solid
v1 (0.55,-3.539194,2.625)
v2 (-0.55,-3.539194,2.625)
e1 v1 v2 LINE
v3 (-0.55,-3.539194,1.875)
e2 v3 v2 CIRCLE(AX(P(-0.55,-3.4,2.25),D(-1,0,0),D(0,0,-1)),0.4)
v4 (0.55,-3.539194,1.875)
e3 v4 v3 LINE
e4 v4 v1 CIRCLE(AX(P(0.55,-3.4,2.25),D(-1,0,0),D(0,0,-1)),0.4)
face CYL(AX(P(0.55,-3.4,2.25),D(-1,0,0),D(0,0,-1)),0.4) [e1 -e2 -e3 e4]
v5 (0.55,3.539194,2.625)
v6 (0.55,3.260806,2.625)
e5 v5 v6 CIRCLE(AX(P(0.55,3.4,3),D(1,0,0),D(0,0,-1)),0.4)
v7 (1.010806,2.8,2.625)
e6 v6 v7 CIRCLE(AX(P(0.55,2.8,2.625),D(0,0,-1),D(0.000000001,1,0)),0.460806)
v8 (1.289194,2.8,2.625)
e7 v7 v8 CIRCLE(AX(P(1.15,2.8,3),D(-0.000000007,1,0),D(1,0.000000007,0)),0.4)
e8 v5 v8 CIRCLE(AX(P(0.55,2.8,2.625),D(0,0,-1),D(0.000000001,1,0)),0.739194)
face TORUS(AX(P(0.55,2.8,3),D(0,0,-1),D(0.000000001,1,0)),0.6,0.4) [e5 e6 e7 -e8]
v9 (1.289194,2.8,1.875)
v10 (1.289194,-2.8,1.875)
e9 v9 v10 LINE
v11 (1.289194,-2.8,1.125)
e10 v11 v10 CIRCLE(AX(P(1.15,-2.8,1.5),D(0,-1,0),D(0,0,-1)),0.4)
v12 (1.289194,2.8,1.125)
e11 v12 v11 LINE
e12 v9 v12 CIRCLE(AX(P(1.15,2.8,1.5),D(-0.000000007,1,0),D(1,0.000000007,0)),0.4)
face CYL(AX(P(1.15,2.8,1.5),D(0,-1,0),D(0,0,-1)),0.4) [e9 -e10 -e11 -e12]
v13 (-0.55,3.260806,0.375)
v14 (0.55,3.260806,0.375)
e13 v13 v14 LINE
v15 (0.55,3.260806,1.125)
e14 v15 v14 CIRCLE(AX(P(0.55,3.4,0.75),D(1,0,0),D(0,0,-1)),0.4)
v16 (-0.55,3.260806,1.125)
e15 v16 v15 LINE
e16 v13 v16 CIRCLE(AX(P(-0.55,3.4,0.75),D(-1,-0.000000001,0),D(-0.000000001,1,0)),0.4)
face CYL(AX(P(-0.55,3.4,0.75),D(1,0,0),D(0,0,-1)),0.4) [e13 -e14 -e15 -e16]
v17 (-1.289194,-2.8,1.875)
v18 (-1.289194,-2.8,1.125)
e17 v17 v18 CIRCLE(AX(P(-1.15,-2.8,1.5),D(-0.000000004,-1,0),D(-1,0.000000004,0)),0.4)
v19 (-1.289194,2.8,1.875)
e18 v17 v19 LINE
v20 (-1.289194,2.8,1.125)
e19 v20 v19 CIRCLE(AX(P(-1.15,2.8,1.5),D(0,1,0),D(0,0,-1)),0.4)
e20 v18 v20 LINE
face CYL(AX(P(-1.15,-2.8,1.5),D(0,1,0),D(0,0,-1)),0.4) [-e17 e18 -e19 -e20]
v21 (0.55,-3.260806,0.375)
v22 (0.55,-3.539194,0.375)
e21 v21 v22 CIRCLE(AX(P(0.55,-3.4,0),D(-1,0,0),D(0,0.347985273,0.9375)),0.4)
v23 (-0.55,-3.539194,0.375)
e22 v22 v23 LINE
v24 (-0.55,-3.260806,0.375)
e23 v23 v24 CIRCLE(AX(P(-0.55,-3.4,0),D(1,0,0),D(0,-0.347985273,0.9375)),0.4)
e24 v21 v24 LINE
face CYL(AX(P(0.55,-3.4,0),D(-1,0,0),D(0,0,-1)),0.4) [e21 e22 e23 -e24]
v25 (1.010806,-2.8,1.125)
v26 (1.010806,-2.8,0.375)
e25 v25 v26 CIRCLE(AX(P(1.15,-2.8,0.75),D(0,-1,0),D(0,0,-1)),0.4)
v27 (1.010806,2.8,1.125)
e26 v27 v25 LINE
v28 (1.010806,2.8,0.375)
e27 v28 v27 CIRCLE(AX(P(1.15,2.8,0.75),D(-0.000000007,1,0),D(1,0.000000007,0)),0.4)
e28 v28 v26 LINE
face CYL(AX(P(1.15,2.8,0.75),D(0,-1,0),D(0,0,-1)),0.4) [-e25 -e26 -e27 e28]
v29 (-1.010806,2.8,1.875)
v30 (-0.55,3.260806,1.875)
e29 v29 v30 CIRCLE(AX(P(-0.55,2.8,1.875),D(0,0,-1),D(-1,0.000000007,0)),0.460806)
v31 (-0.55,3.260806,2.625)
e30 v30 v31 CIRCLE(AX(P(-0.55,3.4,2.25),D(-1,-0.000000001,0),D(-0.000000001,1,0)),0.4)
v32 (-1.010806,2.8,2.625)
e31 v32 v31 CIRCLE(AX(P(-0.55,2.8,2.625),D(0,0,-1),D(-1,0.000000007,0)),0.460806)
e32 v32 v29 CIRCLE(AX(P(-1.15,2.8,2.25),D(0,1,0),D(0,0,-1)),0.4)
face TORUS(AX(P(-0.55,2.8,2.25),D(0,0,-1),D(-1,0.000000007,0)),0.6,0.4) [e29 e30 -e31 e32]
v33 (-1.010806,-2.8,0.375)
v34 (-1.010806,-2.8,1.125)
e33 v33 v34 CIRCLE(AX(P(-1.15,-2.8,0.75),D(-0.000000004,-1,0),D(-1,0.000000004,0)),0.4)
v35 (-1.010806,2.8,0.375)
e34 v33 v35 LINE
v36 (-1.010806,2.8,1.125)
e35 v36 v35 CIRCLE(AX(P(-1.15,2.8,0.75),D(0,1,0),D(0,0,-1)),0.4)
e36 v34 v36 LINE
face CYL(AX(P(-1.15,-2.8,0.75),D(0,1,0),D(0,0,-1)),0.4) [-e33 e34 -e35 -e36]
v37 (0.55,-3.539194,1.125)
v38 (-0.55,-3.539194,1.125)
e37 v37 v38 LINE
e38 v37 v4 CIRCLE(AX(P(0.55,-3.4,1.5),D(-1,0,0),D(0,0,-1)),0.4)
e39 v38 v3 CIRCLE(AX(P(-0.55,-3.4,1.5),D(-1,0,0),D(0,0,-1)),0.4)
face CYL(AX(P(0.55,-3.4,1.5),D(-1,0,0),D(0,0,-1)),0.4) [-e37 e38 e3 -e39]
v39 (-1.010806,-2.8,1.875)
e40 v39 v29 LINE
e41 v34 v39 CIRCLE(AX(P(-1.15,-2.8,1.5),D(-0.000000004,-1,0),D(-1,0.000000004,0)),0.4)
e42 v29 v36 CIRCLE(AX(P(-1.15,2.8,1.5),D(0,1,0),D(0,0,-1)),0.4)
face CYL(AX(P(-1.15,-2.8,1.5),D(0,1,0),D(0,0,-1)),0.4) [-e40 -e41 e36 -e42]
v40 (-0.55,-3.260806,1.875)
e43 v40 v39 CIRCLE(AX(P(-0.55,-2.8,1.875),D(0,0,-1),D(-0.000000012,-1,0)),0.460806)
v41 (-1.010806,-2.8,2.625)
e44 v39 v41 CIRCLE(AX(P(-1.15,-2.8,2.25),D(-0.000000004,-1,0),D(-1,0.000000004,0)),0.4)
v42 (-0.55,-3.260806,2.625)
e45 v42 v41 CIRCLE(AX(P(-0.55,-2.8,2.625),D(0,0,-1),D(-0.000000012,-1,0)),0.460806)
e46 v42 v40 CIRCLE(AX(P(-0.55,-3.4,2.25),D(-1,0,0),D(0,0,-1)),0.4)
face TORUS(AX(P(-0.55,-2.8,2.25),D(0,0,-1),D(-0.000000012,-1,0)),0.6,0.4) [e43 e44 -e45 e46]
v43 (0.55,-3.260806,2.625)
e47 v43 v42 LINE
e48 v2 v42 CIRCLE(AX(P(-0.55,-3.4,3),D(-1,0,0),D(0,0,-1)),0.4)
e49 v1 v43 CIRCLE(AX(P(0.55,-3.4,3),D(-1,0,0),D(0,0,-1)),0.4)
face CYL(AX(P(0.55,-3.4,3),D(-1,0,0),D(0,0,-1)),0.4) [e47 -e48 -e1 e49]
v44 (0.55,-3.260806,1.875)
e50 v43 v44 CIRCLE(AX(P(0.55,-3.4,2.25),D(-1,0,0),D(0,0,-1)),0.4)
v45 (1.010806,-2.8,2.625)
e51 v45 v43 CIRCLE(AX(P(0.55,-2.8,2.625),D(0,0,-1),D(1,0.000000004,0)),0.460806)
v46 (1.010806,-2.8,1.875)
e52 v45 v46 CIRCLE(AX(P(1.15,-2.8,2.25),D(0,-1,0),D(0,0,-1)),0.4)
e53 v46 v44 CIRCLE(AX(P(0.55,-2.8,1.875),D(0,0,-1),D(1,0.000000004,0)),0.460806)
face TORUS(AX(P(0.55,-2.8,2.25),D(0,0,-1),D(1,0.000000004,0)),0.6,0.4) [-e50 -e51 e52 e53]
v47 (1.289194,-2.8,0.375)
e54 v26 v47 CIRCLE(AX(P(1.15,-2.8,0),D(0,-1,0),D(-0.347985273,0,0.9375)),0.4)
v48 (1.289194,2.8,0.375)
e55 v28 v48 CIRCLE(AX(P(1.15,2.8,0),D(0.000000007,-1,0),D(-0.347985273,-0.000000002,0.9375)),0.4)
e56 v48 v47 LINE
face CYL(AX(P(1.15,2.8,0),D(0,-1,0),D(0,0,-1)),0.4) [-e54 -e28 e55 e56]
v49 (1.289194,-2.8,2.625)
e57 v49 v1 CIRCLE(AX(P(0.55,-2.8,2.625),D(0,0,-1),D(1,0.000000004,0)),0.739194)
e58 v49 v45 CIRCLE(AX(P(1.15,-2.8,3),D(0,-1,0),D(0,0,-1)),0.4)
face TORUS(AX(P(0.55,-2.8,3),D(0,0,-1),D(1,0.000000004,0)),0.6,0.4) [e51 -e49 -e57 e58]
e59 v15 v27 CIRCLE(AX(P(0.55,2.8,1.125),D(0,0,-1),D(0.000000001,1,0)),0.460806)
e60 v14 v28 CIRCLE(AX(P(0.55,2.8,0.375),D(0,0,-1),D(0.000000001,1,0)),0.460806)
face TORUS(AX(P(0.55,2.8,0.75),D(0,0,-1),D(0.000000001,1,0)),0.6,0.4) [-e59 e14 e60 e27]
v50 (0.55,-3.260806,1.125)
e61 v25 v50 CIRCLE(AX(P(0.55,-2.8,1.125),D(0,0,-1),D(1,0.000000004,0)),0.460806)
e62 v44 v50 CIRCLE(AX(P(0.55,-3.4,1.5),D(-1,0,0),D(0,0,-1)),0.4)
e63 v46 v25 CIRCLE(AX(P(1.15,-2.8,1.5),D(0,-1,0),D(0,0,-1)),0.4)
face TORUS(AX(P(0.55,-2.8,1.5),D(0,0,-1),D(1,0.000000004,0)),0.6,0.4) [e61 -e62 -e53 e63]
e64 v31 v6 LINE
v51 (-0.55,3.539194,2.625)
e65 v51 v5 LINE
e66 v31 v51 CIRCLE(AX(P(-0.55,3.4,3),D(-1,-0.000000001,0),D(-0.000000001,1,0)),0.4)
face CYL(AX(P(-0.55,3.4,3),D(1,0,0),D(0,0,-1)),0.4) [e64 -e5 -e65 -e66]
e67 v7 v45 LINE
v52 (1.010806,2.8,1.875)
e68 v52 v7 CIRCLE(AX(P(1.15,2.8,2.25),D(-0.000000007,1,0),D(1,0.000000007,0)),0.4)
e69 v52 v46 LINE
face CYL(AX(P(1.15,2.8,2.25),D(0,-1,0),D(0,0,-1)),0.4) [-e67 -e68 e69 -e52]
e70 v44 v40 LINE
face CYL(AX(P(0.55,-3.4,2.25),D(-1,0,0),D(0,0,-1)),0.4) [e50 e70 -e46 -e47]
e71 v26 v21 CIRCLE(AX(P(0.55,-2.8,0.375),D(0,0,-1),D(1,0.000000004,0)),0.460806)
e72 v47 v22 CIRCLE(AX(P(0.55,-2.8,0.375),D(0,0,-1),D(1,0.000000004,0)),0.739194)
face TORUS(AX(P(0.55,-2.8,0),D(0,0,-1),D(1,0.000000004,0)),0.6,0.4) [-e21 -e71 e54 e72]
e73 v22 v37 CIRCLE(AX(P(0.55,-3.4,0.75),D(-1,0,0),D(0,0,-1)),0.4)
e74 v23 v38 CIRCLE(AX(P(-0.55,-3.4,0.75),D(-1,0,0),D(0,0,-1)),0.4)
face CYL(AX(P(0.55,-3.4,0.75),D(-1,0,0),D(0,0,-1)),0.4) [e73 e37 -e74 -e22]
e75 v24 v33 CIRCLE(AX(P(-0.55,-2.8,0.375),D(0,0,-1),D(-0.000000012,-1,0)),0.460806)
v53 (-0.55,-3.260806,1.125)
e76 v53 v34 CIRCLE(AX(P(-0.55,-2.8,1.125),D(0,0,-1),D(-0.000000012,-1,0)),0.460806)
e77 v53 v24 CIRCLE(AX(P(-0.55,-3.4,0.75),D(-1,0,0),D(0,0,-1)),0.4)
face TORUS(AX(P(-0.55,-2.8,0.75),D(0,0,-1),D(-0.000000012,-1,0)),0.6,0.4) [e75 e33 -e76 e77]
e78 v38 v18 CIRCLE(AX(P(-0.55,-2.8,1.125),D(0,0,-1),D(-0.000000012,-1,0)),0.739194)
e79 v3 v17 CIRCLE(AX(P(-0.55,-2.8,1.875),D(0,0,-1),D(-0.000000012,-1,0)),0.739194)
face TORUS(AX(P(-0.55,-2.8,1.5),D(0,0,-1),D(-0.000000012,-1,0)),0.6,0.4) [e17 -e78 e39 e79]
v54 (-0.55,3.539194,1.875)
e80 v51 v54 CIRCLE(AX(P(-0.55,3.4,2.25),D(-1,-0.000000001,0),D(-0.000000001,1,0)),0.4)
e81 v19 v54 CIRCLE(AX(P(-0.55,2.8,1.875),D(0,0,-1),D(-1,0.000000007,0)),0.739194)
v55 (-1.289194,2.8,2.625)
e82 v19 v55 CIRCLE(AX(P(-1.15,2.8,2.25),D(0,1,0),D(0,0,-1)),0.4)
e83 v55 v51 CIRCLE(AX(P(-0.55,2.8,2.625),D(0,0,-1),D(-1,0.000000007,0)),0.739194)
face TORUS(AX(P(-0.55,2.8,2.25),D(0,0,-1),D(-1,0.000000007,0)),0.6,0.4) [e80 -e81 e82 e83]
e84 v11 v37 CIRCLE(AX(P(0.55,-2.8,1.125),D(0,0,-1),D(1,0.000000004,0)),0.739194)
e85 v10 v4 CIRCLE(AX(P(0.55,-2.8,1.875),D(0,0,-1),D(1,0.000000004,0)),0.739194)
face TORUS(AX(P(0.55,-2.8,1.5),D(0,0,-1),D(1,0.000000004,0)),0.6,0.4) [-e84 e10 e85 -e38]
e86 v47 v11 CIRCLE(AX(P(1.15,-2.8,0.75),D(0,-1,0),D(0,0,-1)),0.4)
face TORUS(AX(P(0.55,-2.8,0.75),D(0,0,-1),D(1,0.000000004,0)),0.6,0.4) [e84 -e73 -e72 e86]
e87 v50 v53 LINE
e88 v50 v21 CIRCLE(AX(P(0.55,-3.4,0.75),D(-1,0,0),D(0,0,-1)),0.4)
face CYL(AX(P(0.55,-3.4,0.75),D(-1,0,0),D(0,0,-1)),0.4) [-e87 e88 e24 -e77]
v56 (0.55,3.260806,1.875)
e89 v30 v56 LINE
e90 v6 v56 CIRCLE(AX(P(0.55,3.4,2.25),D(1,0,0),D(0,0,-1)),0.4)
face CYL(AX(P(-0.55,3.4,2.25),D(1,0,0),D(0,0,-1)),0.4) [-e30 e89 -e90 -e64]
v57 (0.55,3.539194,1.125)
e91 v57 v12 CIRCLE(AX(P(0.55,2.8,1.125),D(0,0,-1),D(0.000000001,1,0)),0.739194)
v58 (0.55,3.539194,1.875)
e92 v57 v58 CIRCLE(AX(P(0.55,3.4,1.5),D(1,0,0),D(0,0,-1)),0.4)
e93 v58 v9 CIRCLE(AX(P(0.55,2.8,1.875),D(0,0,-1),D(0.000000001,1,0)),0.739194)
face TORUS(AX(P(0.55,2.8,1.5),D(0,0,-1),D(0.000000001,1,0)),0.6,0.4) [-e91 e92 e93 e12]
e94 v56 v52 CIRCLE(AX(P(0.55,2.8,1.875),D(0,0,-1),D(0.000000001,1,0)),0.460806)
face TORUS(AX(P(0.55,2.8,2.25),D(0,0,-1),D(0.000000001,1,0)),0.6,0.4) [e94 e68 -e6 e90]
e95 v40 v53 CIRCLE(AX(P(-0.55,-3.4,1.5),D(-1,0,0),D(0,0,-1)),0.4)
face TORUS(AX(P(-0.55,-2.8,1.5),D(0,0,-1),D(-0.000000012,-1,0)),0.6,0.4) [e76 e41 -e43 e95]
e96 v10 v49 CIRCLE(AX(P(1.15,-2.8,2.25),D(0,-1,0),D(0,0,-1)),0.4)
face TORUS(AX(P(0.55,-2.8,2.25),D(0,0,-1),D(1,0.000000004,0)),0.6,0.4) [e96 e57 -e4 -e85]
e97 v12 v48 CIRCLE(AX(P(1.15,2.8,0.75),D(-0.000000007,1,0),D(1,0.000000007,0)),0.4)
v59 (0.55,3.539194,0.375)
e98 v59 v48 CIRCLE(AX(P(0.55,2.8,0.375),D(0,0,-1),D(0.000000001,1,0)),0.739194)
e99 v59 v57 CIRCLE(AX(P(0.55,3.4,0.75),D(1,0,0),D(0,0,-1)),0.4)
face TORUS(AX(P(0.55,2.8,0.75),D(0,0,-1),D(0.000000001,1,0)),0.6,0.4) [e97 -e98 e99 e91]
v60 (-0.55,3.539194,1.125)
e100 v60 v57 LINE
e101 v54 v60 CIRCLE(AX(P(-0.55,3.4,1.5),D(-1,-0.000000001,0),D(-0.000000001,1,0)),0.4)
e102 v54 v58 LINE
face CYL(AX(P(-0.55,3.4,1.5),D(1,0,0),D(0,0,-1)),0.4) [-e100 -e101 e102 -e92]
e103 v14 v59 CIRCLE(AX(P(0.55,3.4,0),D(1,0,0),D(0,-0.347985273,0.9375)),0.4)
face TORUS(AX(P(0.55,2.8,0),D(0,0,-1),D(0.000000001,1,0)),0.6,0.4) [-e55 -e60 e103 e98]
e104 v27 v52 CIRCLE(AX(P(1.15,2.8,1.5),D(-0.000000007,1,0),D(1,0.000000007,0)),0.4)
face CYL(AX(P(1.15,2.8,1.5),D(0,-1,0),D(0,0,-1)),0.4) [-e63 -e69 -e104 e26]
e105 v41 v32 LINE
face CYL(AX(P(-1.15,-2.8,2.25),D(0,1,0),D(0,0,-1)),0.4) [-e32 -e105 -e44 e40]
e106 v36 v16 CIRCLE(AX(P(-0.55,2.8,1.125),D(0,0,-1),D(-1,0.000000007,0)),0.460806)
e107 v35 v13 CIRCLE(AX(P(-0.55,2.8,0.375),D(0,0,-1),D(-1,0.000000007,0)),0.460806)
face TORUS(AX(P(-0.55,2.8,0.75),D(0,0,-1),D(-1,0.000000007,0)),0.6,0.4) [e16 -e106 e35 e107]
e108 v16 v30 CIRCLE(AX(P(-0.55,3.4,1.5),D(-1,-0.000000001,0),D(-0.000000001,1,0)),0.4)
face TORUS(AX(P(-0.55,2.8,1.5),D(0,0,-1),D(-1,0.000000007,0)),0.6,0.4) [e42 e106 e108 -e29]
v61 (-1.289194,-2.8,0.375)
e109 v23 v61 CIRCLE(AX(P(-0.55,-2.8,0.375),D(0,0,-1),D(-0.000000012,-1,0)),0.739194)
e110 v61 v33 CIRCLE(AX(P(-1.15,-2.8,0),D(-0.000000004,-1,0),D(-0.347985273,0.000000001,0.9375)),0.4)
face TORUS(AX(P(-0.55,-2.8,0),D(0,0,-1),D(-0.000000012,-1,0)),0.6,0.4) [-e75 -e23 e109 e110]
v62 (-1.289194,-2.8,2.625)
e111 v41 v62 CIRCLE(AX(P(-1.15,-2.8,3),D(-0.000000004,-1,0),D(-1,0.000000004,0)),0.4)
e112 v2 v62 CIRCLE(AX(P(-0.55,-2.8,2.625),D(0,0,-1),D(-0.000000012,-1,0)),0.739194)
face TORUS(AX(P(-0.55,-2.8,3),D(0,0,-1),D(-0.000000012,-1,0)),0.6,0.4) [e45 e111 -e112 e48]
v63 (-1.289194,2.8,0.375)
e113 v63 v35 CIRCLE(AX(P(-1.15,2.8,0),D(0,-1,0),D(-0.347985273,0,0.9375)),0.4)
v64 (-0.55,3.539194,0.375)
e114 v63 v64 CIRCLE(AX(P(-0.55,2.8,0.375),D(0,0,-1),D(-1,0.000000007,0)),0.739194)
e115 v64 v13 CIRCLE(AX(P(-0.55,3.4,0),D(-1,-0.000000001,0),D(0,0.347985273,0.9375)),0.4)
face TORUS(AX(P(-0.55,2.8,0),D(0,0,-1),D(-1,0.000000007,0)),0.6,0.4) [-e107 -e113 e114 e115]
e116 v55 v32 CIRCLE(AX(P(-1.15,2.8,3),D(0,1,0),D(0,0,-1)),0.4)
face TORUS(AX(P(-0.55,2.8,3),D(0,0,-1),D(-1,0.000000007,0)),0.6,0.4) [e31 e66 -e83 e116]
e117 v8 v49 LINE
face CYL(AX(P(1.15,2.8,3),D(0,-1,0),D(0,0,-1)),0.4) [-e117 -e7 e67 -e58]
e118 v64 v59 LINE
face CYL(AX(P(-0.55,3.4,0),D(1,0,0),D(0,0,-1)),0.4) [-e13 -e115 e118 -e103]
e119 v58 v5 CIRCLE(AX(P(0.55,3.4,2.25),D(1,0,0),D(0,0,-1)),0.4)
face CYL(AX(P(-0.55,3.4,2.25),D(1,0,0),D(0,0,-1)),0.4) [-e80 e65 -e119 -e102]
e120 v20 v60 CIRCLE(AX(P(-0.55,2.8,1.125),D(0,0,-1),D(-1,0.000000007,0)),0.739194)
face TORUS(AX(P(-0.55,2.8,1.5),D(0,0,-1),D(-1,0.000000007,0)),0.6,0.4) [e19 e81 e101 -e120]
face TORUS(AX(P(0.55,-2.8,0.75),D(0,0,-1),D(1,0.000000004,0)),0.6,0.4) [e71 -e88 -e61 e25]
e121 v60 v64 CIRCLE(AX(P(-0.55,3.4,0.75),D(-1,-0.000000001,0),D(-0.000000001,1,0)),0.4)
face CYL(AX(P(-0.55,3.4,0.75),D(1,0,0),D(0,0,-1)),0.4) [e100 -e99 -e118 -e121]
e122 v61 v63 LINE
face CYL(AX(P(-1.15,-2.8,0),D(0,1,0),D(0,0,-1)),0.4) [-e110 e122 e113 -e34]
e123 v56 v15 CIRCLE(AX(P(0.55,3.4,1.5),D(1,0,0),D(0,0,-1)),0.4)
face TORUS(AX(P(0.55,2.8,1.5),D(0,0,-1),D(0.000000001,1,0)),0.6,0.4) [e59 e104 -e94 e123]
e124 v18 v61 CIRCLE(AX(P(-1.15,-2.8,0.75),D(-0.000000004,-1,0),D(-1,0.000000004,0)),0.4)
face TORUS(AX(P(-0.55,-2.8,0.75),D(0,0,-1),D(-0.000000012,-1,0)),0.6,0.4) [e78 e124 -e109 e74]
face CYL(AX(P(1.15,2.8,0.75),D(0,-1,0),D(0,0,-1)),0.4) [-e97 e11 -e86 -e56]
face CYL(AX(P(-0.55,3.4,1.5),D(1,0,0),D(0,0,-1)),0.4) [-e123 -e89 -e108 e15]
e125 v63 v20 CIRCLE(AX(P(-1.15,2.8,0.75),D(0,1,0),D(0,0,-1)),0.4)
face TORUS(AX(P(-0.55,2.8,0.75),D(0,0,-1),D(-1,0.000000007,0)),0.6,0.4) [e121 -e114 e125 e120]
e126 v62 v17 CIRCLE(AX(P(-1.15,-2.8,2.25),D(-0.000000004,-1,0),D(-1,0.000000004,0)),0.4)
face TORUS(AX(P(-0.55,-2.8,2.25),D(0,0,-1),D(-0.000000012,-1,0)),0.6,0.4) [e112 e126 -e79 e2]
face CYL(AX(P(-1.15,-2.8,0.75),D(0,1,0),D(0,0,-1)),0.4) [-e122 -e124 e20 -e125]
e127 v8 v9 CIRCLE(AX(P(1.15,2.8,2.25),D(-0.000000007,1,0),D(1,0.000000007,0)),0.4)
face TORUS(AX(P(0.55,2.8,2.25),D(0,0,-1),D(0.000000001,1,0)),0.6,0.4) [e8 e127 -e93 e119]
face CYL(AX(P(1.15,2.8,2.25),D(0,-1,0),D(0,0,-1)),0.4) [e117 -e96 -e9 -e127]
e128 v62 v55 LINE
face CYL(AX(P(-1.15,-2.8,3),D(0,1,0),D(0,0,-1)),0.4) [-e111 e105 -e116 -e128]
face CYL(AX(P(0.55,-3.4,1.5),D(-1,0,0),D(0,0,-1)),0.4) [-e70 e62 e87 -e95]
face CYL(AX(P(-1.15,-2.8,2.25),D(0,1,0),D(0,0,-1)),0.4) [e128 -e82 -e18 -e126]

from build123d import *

# Parameters (mm, degrees)
ESQUISSE2_R                = 0.4
R_P_TITION_LIN_AIRE1_COUNT = 5
R_P_TITION_LIN_AIRE1_PITCH = 0.75


with BuildPart() as part:
    # Balayage1: sweep along a path in Esquisse3
    with BuildLine(Plane.XY) as balayage1_path:
        Line((0.55, -3), (-0.55, -3))
        ThreePointArc((-0.55, -3), (-0.691421356, -2.941421356), (-0.75, -2.8))
        Line((-0.75, -2.8), (-0.75, 2.8))
        ThreePointArc((-0.75, 2.8), (-0.691421356, 2.941421356), (-0.55, 3))
        Line((-0.55, 3), (0.55, 3))
        ThreePointArc((0.55, 3), (0.691421356, 2.941421356), (0.75, 2.8))
        Line((0.75, 2.8), (0.75, -2.8))
        ThreePointArc((0.75, -2.8), (0.691421356, -2.941421356), (0.55, -3))
    # Esquisse2 → Balayage1 (sweep)
    with BuildSketch(Plane(origin=(0, 0, 0), x_dir=(0, 0, -1), z_dir=(1, 0, 0))):
        with Locations((0, 3.4)):
            Circle(ESQUISSE2_R)
    balayage1 = sweep(path=balayage1_path.line)

    # Répétition linéaire1: Balayage1 ×5
    with Locations(*[(0, 0, i * R_P_TITION_LIN_AIRE1_PITCH) for i in range(1, R_P_TITION_LIN_AIRE1_COUNT)]):
        add(balayage1)


solid = part.part
